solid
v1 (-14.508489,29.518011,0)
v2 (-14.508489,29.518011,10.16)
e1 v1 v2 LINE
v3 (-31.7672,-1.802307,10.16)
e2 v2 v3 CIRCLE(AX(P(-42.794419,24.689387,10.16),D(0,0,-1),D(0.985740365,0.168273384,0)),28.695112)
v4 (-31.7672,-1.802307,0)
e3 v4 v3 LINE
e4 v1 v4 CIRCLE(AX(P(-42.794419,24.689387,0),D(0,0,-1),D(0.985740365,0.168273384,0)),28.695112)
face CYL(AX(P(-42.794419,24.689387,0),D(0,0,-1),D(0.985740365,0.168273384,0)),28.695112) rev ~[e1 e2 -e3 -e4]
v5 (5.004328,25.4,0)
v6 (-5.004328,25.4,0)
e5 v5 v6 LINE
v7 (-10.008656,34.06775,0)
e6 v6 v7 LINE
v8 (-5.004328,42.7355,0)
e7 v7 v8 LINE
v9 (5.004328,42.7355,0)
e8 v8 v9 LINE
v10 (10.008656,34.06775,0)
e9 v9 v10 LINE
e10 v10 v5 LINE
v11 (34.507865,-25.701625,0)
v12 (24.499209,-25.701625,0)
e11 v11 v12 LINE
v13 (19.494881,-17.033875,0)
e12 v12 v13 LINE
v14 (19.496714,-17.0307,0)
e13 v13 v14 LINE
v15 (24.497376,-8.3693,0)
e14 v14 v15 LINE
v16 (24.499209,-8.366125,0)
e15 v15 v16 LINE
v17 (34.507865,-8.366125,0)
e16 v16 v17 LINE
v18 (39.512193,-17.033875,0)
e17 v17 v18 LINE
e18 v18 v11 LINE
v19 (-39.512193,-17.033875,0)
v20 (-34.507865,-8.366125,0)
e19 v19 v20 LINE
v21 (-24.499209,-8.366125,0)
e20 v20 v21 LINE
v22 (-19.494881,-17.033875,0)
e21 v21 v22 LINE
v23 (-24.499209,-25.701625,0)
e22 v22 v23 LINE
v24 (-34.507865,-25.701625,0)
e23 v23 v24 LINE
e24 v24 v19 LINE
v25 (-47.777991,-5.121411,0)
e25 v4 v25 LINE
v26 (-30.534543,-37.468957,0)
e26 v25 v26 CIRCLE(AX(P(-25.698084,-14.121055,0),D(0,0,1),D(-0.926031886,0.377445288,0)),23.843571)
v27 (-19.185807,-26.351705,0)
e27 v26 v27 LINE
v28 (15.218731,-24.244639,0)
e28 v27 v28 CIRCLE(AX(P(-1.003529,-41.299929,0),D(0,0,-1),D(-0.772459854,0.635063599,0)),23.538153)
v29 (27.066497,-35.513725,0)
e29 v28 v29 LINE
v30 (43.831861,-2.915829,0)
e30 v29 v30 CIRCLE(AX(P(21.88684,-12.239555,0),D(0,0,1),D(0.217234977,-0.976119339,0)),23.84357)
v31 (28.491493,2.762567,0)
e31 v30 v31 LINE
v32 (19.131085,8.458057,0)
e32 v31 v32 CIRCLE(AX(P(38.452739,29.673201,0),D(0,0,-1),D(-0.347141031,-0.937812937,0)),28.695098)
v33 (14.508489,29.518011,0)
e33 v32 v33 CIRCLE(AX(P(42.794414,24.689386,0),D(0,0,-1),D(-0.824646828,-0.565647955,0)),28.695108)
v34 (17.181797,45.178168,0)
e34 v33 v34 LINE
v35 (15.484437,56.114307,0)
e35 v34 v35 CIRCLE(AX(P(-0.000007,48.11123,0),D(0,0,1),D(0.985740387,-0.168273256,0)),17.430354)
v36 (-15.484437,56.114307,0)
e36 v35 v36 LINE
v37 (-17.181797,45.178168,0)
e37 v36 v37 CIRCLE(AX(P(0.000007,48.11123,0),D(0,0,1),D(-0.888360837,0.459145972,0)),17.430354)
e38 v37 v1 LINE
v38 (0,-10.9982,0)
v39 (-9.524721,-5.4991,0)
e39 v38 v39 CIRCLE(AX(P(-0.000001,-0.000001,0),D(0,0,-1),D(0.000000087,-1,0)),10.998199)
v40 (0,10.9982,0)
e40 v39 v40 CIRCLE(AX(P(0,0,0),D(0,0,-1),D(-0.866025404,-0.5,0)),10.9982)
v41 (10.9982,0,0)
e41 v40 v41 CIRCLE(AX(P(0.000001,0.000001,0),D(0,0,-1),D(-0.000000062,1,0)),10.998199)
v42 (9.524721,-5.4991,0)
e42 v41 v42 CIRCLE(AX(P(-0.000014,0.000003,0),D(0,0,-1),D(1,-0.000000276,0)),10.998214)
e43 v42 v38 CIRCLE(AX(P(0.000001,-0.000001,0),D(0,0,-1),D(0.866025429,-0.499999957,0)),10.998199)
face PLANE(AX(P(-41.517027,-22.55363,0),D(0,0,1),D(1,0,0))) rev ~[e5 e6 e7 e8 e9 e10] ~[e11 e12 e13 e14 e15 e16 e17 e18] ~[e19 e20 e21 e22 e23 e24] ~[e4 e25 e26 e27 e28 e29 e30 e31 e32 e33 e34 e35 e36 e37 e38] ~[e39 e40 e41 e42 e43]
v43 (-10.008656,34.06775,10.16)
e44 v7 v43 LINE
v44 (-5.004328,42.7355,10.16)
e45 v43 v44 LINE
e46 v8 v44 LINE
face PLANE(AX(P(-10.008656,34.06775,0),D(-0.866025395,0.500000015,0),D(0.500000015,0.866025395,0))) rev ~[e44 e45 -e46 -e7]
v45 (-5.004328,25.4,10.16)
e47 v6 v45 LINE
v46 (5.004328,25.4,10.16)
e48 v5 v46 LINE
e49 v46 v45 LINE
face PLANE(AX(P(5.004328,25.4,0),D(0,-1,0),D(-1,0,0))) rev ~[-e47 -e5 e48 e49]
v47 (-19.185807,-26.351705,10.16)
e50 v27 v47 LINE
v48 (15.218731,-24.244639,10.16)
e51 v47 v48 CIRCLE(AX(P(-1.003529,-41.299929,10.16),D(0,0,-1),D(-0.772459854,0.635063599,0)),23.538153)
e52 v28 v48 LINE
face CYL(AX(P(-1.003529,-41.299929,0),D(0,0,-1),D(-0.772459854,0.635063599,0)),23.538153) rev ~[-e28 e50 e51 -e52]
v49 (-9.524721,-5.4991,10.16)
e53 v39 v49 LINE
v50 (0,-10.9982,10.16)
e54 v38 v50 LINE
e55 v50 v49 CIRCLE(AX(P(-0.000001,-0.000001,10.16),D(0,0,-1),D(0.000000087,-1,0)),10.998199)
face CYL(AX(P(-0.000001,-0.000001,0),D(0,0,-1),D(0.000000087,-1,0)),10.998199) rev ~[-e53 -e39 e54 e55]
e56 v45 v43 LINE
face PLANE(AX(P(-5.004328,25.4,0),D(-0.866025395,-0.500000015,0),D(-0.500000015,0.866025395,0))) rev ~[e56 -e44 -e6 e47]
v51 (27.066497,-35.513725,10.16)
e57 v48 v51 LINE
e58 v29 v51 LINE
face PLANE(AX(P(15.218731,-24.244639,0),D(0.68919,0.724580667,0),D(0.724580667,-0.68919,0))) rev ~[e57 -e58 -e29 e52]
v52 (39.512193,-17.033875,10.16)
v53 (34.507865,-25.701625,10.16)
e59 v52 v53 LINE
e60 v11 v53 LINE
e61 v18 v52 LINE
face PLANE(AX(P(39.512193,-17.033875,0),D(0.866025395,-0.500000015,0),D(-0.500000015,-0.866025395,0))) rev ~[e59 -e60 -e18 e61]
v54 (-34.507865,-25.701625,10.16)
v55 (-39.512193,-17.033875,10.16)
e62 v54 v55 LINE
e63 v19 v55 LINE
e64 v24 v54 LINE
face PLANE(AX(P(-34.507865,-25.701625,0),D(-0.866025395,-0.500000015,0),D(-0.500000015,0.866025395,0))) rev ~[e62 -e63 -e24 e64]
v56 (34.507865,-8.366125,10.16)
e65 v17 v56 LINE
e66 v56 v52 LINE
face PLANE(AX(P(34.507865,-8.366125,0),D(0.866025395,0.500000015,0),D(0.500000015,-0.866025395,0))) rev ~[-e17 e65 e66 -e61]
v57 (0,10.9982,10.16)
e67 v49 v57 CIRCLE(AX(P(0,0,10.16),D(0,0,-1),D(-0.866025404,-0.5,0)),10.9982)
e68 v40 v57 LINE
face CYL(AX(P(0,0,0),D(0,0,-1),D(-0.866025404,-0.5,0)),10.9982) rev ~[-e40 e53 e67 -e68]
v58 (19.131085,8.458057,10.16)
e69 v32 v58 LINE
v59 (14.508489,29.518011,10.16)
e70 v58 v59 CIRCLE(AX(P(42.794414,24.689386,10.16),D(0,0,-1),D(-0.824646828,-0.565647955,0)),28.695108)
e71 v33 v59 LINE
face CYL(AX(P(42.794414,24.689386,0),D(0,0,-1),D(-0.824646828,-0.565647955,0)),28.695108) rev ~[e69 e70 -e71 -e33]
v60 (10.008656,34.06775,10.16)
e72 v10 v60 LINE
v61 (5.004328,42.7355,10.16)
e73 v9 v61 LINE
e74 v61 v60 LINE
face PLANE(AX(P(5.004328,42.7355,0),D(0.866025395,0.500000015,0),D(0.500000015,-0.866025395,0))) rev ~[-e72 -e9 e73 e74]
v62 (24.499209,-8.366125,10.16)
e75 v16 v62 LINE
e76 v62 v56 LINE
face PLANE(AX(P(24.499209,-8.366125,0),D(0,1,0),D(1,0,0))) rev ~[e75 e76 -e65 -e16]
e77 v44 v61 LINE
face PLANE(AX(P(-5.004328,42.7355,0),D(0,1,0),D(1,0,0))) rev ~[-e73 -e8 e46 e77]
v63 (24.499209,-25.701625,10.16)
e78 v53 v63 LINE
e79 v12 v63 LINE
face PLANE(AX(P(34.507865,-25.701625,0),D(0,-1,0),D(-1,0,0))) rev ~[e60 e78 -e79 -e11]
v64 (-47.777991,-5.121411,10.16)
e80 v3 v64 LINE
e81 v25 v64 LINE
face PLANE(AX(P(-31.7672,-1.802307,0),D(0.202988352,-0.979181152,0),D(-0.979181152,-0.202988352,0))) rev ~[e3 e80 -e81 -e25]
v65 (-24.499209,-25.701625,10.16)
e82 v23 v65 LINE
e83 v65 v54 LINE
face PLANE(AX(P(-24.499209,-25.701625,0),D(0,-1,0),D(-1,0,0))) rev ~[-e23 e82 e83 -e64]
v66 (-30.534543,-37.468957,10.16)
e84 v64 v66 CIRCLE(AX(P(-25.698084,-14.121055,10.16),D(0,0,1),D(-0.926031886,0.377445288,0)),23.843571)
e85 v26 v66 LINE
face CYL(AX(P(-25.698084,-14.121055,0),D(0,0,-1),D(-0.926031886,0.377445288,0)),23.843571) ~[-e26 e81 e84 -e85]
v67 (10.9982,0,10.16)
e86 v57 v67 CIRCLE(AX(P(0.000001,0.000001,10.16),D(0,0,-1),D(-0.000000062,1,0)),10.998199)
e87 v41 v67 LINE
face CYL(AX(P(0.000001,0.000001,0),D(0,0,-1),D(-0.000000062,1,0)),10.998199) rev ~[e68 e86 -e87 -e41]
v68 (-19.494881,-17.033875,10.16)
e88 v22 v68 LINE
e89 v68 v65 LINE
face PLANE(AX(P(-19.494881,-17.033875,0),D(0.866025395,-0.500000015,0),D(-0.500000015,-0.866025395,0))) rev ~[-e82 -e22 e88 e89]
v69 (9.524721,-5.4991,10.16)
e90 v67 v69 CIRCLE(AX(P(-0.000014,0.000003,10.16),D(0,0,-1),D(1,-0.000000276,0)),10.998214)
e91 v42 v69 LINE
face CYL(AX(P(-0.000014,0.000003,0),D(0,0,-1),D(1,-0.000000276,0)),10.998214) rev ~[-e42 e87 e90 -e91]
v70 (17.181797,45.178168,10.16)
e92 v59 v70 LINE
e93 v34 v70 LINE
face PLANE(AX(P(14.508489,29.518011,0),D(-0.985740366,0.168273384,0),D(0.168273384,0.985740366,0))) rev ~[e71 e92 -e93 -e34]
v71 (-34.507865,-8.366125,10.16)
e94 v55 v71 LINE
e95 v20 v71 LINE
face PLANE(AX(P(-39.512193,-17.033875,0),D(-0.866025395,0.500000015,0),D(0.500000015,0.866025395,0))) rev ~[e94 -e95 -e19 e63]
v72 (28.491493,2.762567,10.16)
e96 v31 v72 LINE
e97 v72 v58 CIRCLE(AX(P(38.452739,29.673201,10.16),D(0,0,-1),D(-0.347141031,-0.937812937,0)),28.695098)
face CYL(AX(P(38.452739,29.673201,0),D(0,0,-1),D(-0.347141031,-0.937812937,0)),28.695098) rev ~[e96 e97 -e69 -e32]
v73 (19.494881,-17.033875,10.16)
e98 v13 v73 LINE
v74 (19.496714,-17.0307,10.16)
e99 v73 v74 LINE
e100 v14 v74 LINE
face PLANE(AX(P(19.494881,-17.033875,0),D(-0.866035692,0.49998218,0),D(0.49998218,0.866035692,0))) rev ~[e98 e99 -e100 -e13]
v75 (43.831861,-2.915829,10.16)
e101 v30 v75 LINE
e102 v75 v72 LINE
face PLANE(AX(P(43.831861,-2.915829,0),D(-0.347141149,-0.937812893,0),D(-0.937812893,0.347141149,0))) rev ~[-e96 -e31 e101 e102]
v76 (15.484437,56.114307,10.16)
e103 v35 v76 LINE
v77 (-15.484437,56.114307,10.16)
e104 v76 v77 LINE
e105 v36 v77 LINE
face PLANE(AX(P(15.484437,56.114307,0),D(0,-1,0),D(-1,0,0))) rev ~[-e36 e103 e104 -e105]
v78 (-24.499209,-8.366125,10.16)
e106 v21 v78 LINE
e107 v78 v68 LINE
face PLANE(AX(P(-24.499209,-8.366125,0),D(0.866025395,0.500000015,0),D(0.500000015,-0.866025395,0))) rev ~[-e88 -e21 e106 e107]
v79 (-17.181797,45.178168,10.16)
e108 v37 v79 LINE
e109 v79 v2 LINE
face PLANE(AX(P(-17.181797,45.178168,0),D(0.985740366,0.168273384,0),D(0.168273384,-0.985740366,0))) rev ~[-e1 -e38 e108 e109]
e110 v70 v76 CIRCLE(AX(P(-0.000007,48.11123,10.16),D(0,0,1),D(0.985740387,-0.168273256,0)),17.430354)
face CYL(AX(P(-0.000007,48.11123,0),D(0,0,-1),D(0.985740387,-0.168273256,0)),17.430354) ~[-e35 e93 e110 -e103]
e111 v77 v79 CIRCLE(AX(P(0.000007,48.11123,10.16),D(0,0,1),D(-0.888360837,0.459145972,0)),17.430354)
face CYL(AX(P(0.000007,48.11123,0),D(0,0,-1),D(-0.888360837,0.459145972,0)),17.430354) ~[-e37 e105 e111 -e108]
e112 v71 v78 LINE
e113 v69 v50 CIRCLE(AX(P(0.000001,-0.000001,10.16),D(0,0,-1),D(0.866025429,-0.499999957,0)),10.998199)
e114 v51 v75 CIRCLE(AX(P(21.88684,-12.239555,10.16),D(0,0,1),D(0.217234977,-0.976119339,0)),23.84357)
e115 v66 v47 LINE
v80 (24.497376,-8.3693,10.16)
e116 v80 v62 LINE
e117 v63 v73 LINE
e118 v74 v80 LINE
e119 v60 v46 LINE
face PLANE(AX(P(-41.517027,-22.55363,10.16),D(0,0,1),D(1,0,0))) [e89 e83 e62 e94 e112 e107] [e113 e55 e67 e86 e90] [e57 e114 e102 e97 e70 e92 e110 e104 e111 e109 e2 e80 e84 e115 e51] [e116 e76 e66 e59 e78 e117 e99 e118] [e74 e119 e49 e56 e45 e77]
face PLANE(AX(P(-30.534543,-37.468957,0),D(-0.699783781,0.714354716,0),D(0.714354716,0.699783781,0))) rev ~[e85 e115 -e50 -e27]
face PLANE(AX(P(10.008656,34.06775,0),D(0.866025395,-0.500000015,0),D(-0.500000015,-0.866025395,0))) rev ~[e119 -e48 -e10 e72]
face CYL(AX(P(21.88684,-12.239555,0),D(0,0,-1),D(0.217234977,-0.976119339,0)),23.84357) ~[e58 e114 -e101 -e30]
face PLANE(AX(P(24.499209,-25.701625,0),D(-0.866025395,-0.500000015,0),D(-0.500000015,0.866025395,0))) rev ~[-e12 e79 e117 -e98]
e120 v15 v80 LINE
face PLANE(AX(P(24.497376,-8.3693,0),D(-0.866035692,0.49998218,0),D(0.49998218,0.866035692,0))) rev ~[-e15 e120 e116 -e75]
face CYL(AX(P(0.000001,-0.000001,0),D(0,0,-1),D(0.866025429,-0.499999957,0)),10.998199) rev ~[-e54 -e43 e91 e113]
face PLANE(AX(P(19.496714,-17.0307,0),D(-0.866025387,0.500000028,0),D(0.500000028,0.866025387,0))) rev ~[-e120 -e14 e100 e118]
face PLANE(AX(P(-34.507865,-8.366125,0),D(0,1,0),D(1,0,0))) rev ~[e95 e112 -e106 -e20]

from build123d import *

# Parameters (mm, degrees)
F1_DEPTH = 10.16
F2_DEPTH = 10.16


with BuildPart() as f1:
    # F0 (on Top) → F1 (new body)
    with BuildSketch(Plane.XY):
        with BuildLine():
            Line((-31.7672, -1.802307), (-47.777991, -5.121411))
            Line((-47.777991, -5.121411), (-30.534543, -37.468957))
            Line((-30.534543, -37.468957), (-19.185807, -26.351705))
            ThreePointArc((-19.185807, -26.351705), (-2.4424, -17.805796), (15.218731, -24.244639))
            Line((15.218731, -24.244639), (27.066497, -35.513725))
            ThreePointArc((27.066497, -35.513725), (43.090442, -23.144741), (43.831861, -2.915829))
            Line((43.831861, -2.915829), (28.491493, 2.762567))
            ThreePointArc((28.491493, 2.762567), (23.536918, 5.15939), (19.131085, 8.458057))
            ThreePointArc((19.131085, 8.458057), (14.766541, 18.537353), (14.508489, 29.518011))
            Line((14.508489, 29.518011), (17.181797, 45.178168))
            ThreePointArc((17.181797, 45.178168), (17.224125, 50.784528), (15.484437, 56.114307))
            Line((15.484437, 56.114307), (-15.484437, 56.114307))
            ThreePointArc((-15.484437, 56.114307), (-17.224125, 50.784528), (-17.181797, 45.178168))
            Line((-17.181797, 45.178168), (-14.508489, 29.518011))
            ThreePointArc((-14.508489, 29.518011), (-17.662338, 10.840635), (-31.7672, -1.802307))
        make_face()
        Polygon((-24.499209, -8.366125), (-21.997045, -12.7), (-19.494881, -17.033875), (-24.499209, -25.701625), (-34.507865, -25.701625), (-39.512193, -17.033875), (-34.507865, -8.366125), align=None, mode=Mode.SUBTRACT)
        Polygon((19.496714, -17.0307), (21.997045, -12.7), (24.497376, -8.3693), (24.499209, -8.366125), (34.507865, -8.366125), (39.512193, -17.033875), (34.507865, -25.701625), (24.499209, -25.701625), (19.494881, -17.033875), align=None, mode=Mode.SUBTRACT)
        with BuildLine():
            ThreePointArc((-9.524721, -5.4991), (-9.524721, 5.4991), (0, 10.9982))
            ThreePointArc((0, 10.9982), (7.776902, 7.776902), (10.9982, 0))
            ThreePointArc((10.9982, 0), (10.623445, -2.846544), (9.524721, -5.4991))
            ThreePointArc((9.524721, -5.4991), (5.4991, -9.524721), (0, -10.9982))
            ThreePointArc((0, -10.9982), (-5.4991, -9.524721), (-9.524721, -5.4991))
        make_face(mode=Mode.SUBTRACT)
        Polygon((5.004328, 25.4), (0, 25.4), (-5.004328, 25.4), (-10.008656, 34.06775), (-5.004328, 42.7355), (5.004328, 42.7355), (10.008656, 34.06775), align=None, mode=Mode.SUBTRACT)
    extrude(amount=F1_DEPTH)

    # F0 (on Top) → F2 (join)
    with BuildSketch(Plane.XY):
        with BuildLine():
            Line((-30.534543, -37.468957), (-47.777991, -5.121411))
            ThreePointArc((-47.777991, -5.121411), (-46.738845, -25.337215), (-30.534543, -37.468957))
        make_face()
    extrude(amount=F2_DEPTH)


solid = f1.part
